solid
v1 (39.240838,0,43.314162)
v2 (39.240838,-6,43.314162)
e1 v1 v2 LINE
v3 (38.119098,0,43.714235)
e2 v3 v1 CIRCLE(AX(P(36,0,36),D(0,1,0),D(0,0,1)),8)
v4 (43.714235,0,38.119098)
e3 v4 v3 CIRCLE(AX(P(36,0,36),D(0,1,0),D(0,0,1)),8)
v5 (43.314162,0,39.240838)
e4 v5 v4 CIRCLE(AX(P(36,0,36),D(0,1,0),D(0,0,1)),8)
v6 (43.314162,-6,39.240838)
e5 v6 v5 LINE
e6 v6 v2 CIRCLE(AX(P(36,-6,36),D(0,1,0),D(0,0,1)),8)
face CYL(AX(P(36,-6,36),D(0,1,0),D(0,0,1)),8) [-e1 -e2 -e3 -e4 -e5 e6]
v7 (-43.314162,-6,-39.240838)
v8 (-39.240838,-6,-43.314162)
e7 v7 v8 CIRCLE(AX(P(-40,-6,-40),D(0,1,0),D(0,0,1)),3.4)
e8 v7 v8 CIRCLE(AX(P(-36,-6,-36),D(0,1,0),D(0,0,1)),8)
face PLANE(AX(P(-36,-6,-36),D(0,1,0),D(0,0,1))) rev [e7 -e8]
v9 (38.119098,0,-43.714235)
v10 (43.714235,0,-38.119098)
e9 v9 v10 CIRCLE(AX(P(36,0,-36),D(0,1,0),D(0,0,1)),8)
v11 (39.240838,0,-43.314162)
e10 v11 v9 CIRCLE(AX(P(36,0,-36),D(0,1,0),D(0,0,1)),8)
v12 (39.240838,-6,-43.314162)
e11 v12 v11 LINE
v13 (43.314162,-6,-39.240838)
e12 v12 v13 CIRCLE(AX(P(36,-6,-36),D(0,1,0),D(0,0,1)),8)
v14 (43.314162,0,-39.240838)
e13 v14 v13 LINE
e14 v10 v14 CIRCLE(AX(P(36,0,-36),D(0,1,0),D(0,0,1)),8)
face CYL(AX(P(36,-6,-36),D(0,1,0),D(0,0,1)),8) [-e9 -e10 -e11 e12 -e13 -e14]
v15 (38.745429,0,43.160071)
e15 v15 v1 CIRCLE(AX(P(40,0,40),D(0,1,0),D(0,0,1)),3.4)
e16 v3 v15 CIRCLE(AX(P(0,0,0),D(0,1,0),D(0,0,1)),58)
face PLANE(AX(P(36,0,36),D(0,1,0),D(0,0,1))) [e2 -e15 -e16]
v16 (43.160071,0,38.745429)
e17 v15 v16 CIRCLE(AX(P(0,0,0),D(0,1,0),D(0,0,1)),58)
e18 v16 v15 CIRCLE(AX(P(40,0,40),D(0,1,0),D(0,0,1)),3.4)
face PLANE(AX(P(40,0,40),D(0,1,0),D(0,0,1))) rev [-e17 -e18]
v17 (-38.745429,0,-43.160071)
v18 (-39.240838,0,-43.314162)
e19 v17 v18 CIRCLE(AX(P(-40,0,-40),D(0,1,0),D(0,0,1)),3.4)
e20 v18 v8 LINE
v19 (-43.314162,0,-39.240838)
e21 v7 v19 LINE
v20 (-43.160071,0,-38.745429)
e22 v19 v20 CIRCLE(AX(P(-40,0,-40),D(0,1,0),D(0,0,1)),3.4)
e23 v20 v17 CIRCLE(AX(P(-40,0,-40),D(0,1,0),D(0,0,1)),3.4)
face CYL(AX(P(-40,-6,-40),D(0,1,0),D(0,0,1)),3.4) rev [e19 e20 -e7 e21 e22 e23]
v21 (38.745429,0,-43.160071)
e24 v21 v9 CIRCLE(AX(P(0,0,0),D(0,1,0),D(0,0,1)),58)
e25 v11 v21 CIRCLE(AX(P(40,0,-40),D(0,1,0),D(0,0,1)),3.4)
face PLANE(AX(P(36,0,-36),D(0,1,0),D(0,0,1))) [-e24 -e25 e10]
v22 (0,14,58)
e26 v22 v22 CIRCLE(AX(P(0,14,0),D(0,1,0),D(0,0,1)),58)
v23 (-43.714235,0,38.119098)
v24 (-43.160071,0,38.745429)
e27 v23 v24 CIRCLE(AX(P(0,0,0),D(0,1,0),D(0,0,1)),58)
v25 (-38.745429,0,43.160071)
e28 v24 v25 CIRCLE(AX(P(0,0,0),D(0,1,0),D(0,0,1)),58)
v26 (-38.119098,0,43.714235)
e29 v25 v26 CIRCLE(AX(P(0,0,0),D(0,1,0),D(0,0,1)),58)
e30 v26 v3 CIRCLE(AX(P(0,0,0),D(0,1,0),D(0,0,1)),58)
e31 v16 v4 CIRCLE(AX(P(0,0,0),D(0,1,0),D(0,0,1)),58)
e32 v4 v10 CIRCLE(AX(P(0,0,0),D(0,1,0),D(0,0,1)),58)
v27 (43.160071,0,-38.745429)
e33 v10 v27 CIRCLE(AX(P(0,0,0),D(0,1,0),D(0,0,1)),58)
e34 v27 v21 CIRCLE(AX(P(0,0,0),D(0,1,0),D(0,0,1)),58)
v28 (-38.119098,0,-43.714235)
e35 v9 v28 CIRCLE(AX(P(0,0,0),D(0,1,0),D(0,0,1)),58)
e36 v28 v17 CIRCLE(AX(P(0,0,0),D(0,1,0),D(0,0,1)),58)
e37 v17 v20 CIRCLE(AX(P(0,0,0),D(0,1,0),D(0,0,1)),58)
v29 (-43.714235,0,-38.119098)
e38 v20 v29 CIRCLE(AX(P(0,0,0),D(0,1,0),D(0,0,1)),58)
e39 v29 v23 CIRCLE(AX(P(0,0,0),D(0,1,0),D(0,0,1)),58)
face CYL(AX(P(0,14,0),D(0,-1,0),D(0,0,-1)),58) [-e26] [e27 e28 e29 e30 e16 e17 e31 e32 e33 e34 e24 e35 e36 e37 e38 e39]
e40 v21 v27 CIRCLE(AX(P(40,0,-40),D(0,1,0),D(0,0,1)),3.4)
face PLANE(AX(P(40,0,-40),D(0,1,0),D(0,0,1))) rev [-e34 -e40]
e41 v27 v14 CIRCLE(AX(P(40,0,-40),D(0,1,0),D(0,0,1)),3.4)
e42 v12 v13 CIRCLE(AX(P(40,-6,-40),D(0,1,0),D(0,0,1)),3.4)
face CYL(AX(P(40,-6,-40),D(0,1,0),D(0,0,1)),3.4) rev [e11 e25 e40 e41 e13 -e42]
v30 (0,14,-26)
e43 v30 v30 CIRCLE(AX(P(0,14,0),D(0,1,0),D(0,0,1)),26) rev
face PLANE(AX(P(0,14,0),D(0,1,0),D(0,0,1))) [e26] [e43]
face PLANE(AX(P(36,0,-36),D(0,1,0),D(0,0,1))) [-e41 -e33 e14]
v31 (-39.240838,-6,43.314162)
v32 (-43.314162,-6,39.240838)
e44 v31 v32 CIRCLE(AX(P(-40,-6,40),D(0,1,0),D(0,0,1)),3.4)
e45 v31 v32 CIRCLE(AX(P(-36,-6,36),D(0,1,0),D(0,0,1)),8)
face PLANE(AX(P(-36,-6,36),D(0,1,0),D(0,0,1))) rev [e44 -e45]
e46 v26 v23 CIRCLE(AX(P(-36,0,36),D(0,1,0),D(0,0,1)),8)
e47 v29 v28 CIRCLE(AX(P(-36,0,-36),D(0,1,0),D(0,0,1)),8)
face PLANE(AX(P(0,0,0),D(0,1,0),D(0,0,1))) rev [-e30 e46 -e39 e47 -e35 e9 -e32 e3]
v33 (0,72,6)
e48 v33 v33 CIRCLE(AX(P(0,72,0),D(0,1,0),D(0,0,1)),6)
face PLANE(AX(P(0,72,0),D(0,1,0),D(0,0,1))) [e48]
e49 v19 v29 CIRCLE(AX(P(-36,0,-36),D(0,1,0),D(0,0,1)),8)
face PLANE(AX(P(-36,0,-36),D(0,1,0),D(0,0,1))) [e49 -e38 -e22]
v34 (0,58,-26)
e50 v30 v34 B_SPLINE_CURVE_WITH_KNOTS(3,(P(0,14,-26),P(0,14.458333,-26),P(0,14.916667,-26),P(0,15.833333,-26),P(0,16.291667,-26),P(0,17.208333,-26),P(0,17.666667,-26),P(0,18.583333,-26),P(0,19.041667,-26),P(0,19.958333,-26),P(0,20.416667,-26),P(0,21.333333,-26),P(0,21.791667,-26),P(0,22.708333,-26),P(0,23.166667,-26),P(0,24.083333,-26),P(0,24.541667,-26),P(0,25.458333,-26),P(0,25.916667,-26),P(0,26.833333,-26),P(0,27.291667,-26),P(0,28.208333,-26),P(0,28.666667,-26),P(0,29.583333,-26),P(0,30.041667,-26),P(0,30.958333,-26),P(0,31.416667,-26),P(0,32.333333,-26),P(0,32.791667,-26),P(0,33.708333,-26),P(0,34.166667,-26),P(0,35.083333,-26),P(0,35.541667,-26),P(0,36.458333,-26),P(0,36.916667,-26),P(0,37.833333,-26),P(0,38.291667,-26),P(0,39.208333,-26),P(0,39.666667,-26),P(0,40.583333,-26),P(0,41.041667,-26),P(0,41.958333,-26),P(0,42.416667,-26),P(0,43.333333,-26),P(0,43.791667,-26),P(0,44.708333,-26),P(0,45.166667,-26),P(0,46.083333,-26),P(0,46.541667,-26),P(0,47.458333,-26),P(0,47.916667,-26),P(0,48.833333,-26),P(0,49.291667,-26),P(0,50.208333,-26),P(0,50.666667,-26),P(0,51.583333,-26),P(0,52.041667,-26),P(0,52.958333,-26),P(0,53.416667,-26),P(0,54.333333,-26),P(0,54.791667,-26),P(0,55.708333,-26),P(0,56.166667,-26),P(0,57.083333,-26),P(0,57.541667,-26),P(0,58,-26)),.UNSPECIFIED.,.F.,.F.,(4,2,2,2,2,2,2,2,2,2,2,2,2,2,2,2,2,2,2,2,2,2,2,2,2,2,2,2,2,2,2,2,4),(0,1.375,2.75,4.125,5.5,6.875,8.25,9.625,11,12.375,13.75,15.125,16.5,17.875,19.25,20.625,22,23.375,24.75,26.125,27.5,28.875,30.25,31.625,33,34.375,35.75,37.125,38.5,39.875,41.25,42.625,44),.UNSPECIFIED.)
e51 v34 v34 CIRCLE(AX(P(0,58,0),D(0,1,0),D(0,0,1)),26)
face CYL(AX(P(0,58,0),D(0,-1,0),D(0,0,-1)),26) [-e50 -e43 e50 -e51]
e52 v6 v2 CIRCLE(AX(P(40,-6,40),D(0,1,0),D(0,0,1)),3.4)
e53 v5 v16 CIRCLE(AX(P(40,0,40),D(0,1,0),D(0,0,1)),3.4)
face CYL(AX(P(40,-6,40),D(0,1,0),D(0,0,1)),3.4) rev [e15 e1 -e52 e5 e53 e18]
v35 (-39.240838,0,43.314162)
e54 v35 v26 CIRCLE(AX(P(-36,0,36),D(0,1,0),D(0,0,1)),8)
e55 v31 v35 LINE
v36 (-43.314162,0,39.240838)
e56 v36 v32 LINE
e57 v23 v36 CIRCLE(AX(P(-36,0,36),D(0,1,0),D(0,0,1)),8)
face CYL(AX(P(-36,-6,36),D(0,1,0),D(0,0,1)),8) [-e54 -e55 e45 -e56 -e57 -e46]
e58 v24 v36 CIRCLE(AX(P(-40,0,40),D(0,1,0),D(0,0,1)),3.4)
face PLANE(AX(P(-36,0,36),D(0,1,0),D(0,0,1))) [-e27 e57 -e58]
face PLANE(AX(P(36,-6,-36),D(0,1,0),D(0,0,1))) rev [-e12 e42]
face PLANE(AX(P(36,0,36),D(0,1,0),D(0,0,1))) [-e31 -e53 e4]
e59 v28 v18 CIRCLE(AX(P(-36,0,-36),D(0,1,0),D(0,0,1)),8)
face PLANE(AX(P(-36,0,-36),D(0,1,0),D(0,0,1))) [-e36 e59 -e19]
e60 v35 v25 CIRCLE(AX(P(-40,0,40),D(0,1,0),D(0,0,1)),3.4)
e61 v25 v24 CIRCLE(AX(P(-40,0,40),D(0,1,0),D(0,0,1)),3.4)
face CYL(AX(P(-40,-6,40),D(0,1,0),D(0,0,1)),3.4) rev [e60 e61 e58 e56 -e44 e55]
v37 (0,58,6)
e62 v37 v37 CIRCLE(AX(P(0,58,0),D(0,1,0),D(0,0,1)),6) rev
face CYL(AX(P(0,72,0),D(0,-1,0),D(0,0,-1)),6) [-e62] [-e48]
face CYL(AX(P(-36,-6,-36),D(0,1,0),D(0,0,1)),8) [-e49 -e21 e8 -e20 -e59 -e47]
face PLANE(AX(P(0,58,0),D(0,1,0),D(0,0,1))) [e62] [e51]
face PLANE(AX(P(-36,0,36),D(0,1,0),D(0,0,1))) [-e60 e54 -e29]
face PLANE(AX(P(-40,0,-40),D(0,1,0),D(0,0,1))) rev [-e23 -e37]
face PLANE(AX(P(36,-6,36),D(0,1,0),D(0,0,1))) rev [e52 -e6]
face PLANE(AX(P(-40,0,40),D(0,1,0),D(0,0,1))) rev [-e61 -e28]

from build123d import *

# Parameters (mm, degrees)
SKETCH1_R           = 58
BOSS_EXTRUDE1_DEPTH = 14
SKETCH2_R           = 8
BOSS_EXTRUDE2_DEPTH = 6
SKETCH3_R           = 26
BOSS_EXTRUDE3_DEPTH = 58
SKETCH4_R           = 6
BOSS_EXTRUDE4_DEPTH = 72
SKETCH5_R           = 3.4
CUT_EXTRUDE1_DEPTH  = 110.142109197


with BuildPart() as part:
    # Sketch1 → Boss-Extrude1 (new body)
    with BuildSketch(Plane(origin=(0, 0, 0), x_dir=(1, 0, 0), z_dir=(0, 1, 0))):
        with Locations(Location((0, 0, 0), (0, 0, 270))):
            Circle(SKETCH1_R)
    extrude(amount=BOSS_EXTRUDE1_DEPTH)

    # Sketch2 → Boss-Extrude2 (add)
    with BuildSketch(Plane(origin=(0, 0, 0), x_dir=(1, 0, 0), z_dir=(0, 1, 0))):
        with Locations(Location((-36, -36, 0), (0, 0, 270))):
            Circle(SKETCH2_R)
        with Locations(Location((36, -36, 0), (0, 0, 270))):
            Circle(SKETCH2_R)
        with Locations(Location((-36, 36, 0), (0, 0, 270))):
            Circle(SKETCH2_R)
        with Locations(Location((36, 36, 0), (0, 0, 270))):
            Circle(SKETCH2_R)
    extrude(amount=-BOSS_EXTRUDE2_DEPTH)

    # Sketch3 → Boss-Extrude3 (add)
    with BuildSketch(Plane(origin=(0, 0, 0), x_dir=(1, 0, 0), z_dir=(0, 1, 0))):
        with Locations(Location((0, 0, 0), (0, 0, 90))):
            Circle(SKETCH3_R)
    extrude(amount=BOSS_EXTRUDE3_DEPTH)

    # Sketch4 → Boss-Extrude4 (add)
    with BuildSketch(Plane(origin=(0, 0, 0), x_dir=(1, 0, 0), z_dir=(0, 1, 0))):
        with Locations(Location((0, 0, 0), (0, 0, 270))):
            Circle(SKETCH4_R)
    extrude(amount=BOSS_EXTRUDE4_DEPTH)

    # Sketch5 → Cut-Extrude1 (cut, through all)
    with BuildSketch(Plane(origin=(0, 0, 0), x_dir=(1, 0, 0), z_dir=(0, 1, 0))):
        with Locations((-40, -40)):
            Circle(SKETCH5_R)
        with Locations((40, -40)):
            Circle(SKETCH5_R)
        with Locations((-40, 40)):
            Circle(SKETCH5_R)
        with Locations((40, 40)):
            Circle(SKETCH5_R)
    extrude(amount=-CUT_EXTRUDE1_DEPTH, mode=Mode.SUBTRACT)


solid = part.part
